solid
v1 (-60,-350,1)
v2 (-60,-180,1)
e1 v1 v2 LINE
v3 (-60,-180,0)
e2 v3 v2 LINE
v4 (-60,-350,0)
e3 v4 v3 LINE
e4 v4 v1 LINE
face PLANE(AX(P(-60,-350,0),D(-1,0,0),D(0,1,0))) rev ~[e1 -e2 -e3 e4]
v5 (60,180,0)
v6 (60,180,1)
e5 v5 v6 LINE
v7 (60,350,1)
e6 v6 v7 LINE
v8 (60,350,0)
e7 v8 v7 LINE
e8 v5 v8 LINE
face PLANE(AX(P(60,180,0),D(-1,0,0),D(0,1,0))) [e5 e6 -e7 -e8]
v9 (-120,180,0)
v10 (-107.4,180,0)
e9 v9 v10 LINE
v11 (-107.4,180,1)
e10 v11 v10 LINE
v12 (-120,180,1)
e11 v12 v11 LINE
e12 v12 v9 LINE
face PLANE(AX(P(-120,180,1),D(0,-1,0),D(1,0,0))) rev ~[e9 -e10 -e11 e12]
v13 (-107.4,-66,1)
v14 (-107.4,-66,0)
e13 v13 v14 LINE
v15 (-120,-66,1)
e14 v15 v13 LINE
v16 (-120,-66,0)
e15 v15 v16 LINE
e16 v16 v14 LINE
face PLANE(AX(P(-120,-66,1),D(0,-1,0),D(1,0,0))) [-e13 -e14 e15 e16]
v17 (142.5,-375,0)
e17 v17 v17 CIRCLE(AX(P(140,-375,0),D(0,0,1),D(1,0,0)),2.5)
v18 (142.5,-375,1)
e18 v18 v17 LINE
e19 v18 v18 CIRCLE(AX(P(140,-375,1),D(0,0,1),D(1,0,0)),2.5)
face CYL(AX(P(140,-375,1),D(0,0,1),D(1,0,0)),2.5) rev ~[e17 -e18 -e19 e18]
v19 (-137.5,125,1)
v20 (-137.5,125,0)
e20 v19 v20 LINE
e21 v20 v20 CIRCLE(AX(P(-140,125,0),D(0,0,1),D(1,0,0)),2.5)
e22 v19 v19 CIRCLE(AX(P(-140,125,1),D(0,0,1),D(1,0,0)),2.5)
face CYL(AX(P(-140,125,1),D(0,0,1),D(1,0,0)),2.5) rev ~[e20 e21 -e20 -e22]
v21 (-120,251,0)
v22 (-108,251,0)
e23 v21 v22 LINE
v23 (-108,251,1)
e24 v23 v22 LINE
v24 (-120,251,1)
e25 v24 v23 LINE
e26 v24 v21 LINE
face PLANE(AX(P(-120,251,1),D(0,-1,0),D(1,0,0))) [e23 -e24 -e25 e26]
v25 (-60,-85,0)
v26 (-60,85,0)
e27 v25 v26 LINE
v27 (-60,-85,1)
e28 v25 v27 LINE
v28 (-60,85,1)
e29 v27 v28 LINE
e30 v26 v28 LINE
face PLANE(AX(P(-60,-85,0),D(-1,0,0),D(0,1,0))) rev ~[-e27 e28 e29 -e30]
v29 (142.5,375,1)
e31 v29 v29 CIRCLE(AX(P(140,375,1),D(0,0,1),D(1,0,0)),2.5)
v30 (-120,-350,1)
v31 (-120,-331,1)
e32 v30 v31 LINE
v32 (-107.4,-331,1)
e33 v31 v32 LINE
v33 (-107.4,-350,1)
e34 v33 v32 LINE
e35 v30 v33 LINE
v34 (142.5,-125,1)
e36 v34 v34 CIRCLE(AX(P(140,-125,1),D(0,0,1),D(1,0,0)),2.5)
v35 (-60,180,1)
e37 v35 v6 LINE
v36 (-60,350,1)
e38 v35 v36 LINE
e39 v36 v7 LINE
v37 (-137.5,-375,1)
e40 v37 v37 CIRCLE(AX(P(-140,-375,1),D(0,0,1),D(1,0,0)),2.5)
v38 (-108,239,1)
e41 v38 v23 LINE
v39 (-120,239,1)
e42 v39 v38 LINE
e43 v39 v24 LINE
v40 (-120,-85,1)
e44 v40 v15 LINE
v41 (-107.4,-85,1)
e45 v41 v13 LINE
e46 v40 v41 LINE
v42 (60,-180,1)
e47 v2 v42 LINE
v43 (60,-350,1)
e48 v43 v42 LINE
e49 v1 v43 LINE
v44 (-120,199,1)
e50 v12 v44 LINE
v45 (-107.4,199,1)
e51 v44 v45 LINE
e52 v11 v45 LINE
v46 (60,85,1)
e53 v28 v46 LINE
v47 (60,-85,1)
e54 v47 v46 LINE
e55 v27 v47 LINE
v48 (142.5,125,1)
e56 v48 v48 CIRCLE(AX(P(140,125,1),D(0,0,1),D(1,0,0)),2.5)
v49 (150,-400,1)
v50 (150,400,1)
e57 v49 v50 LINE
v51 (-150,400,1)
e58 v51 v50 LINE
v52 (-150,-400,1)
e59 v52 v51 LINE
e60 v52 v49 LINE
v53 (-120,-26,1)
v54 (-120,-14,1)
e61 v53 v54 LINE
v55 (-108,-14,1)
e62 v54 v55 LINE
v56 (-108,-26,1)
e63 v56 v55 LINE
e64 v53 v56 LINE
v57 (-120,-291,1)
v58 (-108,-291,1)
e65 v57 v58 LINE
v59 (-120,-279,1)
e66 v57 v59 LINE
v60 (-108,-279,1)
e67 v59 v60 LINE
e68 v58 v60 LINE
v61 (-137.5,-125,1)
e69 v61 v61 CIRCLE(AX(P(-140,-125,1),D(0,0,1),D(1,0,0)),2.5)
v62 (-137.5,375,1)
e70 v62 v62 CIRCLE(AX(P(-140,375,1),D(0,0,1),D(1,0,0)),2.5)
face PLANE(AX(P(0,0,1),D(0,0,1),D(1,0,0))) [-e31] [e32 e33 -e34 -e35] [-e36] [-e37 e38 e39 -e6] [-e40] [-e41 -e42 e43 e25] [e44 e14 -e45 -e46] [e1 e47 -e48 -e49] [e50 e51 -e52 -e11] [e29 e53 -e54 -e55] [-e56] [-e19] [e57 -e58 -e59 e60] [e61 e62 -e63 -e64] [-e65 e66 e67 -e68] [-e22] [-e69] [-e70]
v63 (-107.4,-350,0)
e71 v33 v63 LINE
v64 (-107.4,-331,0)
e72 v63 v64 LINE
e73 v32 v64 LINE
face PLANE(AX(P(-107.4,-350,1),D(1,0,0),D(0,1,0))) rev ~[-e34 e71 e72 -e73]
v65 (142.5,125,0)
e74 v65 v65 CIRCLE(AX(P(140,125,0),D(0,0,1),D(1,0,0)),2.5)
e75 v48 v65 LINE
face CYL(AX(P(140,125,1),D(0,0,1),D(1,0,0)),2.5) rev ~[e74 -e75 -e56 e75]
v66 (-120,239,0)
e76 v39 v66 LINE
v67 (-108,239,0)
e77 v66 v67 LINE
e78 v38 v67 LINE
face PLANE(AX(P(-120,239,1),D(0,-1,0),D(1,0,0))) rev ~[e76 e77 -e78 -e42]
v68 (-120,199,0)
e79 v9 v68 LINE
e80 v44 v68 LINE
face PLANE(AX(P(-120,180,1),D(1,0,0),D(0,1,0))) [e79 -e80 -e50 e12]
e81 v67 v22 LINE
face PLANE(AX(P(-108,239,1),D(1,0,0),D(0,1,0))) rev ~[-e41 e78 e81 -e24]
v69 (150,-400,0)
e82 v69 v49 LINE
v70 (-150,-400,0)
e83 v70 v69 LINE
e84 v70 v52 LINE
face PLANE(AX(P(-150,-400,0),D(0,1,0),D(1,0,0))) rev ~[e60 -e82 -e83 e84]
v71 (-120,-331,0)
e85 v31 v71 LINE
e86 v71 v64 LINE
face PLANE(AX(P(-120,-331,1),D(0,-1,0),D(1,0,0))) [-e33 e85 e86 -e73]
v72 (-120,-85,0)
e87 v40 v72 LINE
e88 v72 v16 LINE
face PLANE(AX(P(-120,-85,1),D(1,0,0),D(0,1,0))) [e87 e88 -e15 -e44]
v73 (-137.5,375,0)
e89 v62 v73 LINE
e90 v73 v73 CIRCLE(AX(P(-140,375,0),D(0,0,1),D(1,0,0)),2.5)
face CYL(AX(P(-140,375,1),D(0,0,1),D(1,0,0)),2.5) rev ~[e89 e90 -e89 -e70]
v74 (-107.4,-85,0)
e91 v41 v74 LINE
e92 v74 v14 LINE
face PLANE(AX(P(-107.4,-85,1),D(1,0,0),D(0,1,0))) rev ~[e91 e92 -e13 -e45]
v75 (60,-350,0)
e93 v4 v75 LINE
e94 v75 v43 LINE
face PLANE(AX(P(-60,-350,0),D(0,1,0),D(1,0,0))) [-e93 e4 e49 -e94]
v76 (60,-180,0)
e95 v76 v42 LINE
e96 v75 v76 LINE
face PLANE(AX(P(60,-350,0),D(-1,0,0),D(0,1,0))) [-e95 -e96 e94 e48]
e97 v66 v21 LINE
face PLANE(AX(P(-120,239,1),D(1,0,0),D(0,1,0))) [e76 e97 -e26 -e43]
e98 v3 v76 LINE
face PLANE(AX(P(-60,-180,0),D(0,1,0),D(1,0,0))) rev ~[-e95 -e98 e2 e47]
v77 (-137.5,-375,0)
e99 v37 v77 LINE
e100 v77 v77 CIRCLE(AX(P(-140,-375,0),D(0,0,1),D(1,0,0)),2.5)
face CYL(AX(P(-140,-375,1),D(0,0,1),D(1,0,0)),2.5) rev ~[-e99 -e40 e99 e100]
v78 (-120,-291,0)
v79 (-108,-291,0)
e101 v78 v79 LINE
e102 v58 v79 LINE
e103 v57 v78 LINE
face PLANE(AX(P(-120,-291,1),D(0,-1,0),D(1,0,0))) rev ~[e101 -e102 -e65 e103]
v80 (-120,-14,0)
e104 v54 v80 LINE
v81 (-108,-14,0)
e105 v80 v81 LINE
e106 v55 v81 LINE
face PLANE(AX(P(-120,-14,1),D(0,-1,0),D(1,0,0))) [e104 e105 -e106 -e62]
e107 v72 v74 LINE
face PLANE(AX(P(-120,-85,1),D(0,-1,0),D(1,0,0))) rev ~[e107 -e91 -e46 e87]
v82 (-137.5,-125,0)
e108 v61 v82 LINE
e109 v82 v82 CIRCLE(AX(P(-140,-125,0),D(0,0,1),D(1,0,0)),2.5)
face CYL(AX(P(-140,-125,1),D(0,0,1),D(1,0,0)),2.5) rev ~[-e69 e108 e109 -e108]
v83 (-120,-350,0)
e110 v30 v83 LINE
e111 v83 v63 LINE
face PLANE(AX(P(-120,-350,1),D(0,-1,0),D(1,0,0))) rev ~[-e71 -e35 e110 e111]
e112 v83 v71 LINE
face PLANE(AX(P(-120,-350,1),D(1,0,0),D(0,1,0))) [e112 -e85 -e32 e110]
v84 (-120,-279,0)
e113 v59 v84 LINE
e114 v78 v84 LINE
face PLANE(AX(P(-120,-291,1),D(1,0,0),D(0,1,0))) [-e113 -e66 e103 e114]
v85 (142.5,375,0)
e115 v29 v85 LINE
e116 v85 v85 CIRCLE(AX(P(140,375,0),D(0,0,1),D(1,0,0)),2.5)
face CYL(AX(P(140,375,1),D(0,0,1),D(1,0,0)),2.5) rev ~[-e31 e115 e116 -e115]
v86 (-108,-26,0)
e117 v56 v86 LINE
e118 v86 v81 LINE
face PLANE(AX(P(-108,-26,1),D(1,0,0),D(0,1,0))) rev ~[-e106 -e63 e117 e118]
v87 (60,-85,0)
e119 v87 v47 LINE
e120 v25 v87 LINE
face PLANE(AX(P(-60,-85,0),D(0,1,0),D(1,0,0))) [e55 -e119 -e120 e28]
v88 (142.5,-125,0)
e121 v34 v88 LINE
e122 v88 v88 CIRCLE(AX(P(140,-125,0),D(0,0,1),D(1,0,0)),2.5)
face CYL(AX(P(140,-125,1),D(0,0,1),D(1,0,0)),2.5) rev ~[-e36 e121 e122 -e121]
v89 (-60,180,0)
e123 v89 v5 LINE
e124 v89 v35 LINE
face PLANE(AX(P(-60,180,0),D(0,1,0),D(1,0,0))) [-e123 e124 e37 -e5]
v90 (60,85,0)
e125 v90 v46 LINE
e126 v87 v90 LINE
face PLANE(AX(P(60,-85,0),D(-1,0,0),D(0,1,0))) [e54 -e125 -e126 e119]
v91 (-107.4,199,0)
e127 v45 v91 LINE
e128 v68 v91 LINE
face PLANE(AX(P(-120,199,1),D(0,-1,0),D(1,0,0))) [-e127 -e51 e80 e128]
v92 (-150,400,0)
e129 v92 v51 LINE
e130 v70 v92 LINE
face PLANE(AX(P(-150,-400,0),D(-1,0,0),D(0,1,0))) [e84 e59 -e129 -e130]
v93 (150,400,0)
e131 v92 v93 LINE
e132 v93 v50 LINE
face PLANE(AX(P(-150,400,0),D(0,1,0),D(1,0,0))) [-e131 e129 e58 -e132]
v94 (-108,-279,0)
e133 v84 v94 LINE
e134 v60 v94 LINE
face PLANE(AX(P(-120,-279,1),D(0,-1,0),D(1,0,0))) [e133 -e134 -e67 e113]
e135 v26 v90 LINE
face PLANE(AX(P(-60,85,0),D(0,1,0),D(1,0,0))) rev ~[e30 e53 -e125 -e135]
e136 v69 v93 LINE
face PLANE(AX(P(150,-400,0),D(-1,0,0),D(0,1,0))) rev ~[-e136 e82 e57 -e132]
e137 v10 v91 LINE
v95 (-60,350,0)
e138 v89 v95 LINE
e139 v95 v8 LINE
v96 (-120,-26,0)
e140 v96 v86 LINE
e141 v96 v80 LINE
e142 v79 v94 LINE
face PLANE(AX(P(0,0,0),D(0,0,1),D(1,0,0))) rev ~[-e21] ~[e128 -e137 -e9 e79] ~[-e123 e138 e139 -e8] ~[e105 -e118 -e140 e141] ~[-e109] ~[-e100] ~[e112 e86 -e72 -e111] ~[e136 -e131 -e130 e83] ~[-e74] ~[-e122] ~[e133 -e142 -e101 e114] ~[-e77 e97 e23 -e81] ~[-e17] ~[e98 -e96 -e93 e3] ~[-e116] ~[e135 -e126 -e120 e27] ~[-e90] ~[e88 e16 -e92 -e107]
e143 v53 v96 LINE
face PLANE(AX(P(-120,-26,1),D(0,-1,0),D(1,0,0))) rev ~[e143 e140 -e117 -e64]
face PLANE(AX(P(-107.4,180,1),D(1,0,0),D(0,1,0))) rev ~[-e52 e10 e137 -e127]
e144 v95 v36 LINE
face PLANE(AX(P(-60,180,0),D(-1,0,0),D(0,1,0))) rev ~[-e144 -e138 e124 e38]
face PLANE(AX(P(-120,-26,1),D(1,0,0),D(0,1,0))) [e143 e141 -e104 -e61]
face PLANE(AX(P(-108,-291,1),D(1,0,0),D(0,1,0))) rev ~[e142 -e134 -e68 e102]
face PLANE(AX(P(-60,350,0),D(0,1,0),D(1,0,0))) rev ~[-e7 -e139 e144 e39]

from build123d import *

# Parameters (mm, degrees)
SKETCH1_W           = 300
SKETCH1_H           = 800
SKETCH1_W_2         = 120
SKETCH1_H_2         = 170
BOSS_EXTRUDE1_DEPTH = 1
SKETCH4_R           = 2.5
CUT_EXTRUDE1_DEPTH  = 10
SKETCH5_W           = 12.6
SKETCH5_H           = 19
SKETCH5_W_2         = 12
SKETCH5_H_2         = 12
CUT_EXTRUDE2_DEPTH  = 10


with BuildPart() as part:
    # Sketch1 → Boss-Extrude1 (new body)
    with BuildSketch(Plane.XY):
        Rectangle(SKETCH1_W, SKETCH1_H)
        Rectangle(SKETCH1_W_2, SKETCH1_H_2, mode=Mode.SUBTRACT)
        with Locations((0, 265)):
            Rectangle(SKETCH1_W_2, SKETCH1_H_2, mode=Mode.SUBTRACT)
        with Locations((0, -265)):
            Rectangle(SKETCH1_W_2, SKETCH1_H_2, mode=Mode.SUBTRACT)
    extrude(amount=BOSS_EXTRUDE1_DEPTH)

    # Sketch4 → Cut-Extrude1 (cut)
    with BuildSketch(Plane.XY.offset(1)):
        with Locations((140, 375)):
            Circle(SKETCH4_R)
        with Locations((-140, 375)):
            Circle(SKETCH4_R)
        with Locations((-140, 125)):
            Circle(SKETCH4_R)
        with Locations((-140, -125)):
            Circle(SKETCH4_R)
        with Locations((-140, -375)):
            Circle(SKETCH4_R)
        with Locations((140, 125)):
            Circle(SKETCH4_R)
        with Locations((140, -125)):
            Circle(SKETCH4_R)
        with Locations((140, -375)):
            Circle(SKETCH4_R)
    extrude(amount=-CUT_EXTRUDE1_DEPTH, mode=Mode.SUBTRACT)

    # Sketch5 → Cut-Extrude2 (cut)
    with BuildSketch(Plane.XY.offset(1)):
        with Locations((-113.7, 189.5)):
            Rectangle(SKETCH5_W, SKETCH5_H)
        with Locations((-113.7, -75.5)):
            Rectangle(SKETCH5_W, SKETCH5_H)
        with Locations((-113.7, -340.5)):
            Rectangle(SKETCH5_W, SKETCH5_H)
        with Locations((-114, -20)):
            Rectangle(SKETCH5_W_2, SKETCH5_H_2)
        with Locations((-114, 245)):
            Rectangle(SKETCH5_W_2, SKETCH5_H_2)
        with Locations((-114, -285)):
            Rectangle(SKETCH5_W_2, SKETCH5_H_2)
    extrude(amount=-CUT_EXTRUDE2_DEPTH, mode=Mode.SUBTRACT)


solid = part.part
